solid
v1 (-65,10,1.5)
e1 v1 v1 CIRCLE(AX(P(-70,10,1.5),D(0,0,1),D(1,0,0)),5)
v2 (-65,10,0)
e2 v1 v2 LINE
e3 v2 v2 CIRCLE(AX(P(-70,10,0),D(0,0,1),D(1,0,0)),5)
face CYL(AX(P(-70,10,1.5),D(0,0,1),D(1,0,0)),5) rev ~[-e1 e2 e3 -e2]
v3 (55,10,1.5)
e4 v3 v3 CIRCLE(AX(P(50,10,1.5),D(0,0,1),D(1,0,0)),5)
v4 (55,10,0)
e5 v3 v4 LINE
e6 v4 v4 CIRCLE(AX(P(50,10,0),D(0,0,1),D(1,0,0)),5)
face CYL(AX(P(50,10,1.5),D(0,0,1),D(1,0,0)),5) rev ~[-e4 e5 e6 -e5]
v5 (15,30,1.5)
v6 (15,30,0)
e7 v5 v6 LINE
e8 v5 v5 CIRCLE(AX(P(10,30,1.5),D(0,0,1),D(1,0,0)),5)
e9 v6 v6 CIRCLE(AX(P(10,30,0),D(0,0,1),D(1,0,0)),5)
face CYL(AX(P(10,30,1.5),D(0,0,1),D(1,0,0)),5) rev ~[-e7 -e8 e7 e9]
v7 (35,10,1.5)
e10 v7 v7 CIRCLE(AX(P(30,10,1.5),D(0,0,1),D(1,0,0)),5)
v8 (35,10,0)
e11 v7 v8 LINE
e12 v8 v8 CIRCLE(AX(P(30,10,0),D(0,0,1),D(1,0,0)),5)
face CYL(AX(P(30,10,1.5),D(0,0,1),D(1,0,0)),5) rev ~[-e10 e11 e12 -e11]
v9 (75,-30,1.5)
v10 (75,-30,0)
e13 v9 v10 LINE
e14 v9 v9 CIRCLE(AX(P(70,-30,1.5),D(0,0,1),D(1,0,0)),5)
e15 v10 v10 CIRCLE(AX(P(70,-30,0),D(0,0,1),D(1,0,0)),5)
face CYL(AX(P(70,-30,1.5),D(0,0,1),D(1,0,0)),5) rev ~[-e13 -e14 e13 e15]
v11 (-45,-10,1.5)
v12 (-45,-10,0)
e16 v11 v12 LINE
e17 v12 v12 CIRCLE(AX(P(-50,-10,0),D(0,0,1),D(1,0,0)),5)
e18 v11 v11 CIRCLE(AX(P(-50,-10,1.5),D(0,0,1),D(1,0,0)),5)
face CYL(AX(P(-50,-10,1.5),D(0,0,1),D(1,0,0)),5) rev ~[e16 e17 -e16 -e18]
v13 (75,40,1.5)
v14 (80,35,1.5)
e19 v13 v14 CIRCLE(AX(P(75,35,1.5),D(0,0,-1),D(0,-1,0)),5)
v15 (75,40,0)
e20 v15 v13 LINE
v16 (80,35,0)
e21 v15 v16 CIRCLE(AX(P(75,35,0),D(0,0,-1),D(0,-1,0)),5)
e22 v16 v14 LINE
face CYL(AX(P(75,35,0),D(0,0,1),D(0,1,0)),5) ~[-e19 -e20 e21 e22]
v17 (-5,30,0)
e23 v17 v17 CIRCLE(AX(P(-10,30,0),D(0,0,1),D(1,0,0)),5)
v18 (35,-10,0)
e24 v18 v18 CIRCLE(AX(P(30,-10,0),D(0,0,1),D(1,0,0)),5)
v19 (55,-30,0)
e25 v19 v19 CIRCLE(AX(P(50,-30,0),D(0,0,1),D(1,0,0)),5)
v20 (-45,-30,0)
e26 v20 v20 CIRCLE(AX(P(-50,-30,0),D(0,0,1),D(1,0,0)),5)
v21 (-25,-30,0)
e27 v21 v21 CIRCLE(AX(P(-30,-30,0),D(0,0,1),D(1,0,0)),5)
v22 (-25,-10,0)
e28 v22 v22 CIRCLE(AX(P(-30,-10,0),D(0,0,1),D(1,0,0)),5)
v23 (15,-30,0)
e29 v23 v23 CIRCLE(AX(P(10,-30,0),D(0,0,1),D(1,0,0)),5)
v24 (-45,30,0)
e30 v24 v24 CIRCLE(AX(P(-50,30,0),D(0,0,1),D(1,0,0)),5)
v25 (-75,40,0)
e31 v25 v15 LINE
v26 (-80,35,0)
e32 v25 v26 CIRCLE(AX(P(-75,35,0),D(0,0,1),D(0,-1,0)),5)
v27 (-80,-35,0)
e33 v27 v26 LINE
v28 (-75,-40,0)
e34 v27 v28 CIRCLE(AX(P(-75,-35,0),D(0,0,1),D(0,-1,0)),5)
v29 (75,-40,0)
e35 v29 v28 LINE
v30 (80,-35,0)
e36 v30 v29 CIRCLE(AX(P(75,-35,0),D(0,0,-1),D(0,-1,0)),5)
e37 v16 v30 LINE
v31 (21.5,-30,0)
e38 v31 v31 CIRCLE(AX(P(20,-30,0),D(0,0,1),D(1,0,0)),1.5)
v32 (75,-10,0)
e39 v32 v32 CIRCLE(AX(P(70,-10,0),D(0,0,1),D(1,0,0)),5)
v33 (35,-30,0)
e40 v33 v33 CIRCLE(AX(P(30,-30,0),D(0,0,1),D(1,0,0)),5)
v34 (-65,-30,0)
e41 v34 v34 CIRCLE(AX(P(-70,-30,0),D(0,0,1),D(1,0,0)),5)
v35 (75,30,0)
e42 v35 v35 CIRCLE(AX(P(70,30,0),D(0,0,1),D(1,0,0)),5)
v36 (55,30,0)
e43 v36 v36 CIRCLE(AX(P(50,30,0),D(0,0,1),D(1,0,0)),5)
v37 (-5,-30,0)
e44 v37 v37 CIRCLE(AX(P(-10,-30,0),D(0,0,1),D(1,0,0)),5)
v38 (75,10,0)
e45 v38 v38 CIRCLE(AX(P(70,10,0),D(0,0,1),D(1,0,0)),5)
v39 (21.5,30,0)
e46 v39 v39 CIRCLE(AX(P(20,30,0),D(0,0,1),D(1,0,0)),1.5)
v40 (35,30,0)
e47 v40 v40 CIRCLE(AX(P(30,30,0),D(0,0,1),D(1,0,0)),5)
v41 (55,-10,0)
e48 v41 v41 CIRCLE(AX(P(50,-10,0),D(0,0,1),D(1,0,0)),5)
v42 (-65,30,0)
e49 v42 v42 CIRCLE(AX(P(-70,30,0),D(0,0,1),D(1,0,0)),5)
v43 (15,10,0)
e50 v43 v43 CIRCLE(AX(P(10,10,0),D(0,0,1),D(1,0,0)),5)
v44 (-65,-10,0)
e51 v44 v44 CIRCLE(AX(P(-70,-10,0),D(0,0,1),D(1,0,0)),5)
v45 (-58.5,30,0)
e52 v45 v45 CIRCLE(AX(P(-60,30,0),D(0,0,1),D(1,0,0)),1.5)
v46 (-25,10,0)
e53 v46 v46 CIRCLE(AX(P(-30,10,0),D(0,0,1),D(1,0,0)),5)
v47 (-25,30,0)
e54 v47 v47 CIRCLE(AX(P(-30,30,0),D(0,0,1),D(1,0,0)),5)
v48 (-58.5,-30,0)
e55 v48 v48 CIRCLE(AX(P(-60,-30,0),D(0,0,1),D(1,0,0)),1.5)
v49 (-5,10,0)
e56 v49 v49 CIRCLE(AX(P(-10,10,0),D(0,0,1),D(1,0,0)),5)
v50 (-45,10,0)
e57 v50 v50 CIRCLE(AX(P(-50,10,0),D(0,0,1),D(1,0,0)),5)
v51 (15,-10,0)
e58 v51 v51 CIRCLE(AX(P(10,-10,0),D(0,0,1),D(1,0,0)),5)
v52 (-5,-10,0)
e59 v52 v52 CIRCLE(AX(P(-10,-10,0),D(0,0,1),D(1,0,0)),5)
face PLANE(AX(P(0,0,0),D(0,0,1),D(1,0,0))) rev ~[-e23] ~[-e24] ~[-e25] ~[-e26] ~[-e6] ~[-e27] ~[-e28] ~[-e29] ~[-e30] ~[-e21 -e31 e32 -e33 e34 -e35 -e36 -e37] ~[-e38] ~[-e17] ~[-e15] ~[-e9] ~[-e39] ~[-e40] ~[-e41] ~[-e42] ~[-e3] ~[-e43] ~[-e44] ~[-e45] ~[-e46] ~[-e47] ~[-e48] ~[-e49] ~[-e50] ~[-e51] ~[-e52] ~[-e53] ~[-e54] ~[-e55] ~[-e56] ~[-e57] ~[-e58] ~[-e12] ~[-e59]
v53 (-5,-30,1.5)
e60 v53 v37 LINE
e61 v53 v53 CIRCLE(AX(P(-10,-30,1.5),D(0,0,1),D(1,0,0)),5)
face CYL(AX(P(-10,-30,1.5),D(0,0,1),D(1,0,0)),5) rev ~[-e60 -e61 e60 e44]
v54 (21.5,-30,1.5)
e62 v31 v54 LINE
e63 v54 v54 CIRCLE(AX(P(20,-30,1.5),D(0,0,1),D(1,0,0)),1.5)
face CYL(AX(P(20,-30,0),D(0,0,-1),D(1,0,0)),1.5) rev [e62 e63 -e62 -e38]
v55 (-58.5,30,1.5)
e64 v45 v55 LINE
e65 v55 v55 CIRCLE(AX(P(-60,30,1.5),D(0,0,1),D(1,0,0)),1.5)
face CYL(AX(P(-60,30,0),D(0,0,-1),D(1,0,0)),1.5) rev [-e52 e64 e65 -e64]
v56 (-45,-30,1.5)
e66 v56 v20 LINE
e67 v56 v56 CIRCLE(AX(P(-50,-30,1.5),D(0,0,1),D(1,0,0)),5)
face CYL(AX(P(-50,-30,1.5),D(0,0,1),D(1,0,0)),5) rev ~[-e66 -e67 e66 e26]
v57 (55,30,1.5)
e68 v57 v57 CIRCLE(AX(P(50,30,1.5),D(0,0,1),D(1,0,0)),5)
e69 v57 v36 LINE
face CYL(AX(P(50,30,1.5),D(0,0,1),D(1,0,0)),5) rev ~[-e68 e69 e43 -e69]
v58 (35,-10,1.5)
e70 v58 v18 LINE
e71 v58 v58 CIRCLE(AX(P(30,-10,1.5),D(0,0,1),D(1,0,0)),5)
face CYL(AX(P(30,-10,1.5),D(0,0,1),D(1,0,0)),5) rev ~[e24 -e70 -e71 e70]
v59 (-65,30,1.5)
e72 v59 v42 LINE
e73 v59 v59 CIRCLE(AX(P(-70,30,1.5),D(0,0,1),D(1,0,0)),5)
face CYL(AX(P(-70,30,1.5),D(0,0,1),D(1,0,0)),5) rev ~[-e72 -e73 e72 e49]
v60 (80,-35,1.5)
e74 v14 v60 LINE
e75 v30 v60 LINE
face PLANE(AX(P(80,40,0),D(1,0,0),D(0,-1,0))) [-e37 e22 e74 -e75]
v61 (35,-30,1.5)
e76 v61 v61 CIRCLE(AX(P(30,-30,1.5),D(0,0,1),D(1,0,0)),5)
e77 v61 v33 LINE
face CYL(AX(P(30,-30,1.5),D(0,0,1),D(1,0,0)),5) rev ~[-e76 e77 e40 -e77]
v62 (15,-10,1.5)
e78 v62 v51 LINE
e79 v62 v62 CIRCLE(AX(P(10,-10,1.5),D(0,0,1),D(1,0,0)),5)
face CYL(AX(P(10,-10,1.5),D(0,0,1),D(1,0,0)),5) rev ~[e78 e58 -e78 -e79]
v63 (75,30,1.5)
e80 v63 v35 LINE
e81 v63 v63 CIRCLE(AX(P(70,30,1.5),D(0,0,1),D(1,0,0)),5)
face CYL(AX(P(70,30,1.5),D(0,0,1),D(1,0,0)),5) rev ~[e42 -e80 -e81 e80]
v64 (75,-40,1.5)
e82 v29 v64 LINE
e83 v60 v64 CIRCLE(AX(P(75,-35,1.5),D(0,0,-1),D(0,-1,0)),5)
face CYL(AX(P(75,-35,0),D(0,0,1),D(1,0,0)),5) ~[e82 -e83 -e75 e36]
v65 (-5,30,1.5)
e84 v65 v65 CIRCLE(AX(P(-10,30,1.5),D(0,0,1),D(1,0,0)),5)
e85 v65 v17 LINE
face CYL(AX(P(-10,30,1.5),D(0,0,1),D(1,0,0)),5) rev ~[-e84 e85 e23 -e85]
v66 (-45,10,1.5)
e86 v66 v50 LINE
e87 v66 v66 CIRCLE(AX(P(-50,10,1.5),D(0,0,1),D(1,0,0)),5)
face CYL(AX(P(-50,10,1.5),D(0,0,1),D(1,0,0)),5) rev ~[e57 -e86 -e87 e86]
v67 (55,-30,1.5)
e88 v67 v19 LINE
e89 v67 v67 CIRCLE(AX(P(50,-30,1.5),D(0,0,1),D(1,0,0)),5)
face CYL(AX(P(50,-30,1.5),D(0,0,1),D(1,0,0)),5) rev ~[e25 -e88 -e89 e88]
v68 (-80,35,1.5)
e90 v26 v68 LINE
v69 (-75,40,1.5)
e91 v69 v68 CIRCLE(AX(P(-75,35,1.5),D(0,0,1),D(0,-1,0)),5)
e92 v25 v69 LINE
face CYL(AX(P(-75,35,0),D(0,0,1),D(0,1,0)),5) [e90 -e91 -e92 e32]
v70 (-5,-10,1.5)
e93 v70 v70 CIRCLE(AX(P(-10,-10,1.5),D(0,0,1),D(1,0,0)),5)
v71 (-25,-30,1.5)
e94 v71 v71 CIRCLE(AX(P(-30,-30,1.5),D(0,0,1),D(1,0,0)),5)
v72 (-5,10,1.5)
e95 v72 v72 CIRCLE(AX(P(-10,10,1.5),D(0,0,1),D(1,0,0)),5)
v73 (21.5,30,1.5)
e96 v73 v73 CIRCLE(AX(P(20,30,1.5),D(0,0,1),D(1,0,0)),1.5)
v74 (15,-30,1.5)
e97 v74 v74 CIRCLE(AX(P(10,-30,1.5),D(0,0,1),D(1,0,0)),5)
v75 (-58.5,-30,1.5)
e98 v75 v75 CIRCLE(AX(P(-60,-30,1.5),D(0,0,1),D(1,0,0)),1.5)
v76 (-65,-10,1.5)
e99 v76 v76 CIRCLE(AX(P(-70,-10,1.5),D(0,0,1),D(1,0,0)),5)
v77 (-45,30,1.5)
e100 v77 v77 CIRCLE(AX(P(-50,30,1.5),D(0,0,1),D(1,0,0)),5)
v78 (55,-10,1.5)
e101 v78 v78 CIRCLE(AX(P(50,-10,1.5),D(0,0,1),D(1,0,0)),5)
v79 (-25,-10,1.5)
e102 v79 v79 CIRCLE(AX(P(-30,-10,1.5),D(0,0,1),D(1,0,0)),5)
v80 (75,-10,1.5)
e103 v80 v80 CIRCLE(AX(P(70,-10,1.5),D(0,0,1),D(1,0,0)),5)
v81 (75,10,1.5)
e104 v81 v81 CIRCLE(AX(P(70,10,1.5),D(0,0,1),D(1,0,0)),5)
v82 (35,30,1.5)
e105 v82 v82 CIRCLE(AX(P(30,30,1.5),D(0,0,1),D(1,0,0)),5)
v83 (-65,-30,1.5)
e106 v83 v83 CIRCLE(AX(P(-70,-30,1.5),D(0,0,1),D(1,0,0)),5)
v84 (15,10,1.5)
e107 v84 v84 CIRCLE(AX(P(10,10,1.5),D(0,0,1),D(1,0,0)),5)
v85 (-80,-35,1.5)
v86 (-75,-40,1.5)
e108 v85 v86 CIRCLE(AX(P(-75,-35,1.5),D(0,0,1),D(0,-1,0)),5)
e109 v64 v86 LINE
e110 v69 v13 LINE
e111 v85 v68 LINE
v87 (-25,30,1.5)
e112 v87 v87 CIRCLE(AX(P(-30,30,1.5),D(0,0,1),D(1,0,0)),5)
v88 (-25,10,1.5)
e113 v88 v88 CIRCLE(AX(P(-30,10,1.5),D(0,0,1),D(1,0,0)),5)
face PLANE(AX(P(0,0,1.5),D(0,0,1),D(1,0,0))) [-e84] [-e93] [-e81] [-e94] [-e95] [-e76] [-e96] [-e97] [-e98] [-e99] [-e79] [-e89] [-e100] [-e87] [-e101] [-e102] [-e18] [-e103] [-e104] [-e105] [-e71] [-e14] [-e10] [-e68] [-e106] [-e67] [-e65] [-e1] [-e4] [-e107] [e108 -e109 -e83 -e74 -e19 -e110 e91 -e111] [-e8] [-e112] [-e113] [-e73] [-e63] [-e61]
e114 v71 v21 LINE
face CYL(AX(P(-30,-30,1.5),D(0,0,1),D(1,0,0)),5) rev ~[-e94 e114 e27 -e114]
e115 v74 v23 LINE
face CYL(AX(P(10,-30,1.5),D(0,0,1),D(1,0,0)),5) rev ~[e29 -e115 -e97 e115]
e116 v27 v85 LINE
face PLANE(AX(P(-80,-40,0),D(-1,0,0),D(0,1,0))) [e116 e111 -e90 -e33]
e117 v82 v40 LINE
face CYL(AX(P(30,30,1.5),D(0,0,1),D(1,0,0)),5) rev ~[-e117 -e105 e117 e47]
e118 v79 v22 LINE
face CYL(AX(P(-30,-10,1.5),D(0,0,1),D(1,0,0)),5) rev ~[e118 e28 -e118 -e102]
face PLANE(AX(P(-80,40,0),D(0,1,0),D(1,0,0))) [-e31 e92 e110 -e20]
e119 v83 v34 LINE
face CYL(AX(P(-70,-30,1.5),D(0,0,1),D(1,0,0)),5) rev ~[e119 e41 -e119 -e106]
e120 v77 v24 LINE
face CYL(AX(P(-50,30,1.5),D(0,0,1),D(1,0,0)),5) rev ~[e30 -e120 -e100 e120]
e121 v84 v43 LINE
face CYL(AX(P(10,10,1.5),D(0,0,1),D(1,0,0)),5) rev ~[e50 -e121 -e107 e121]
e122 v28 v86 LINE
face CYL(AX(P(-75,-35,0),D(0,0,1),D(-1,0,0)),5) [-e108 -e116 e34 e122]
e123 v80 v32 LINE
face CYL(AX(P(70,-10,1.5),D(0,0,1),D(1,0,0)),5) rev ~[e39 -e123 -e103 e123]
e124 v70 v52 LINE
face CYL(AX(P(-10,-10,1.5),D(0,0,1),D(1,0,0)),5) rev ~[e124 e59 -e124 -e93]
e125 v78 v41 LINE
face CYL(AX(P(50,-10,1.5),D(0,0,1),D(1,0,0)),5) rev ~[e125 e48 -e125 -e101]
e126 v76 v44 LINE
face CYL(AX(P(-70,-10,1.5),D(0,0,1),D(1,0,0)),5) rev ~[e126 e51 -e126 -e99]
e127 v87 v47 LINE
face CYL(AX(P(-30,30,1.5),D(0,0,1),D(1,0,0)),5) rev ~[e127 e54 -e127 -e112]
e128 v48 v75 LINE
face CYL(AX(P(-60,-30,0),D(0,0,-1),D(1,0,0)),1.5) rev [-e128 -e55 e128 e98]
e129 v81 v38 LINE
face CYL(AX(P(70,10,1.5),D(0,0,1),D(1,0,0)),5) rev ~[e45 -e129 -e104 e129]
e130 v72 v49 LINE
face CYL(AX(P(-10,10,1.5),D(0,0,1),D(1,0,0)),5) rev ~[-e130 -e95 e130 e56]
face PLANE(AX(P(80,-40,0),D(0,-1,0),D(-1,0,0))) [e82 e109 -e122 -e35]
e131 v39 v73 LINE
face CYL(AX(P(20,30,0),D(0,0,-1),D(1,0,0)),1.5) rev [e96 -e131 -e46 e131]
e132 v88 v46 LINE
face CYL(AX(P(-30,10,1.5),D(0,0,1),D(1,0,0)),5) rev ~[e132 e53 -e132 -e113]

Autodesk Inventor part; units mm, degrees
ref_plane "YZ Plane" through (0, 0, 0) normal (1, 0, 0) x (0, 1, 0)
ref_plane "XZ Plane" through (0, 0, 0) normal (0, 1, 0) x (-1, 0, 0)
ref_plane "XY Plane" through (0, 0, 0) normal (0, 0, 1) x (1, 0, 0)
sketch "Sketch1" plane through (0, 0, 0) normal (0, 0, 1) x (1, 0, 0)
  line L0 (-80, 40) -> (80, 40)
  line L1 (80, 40) -> (80, -40)
  line L2 (80, -40) -> (-80, -40)
  line L3 (-80, -40) -> (-80, 40)
  arc A0 (94, -60) -> (100, -54) centre (94, -54) ccw
  line L4 (94, -60) -> (-94, -60)
  arc A1 (-100, -54) -> (-94, -60) centre (-94, -54) ccw
  line L5 (-100, -54) -> (-100, 54)
  arc A2 (-94, 60) -> (-100, 54) centre (-94, 54) ccw
  line L6 (-94, 60) -> (94, 60)
  arc A3 (100, 54) -> (94, 60) centre (94, 54) ccw
  line L7 (100, 54) -> (100, -54)
  circle A4 centre (20, -30) radius 1.5
  circle A5 centre (-60, -30) radius 1.5
  circle A6 centre (20, 30) radius 1.5
  circle A7 centre (-60, 30) radius 1.5
  circle A8 centre (0, -31) radius 4
  circle A9 centre (50, 10) radius 21
  point P0 (0, 0)
  dimension "d0" = 20
  dimension "d1" = 20
  dimension "d2" = 20
  dimension "d3" = 20
  dimension "d19" = 160
  dimension "d20" = 80
extrude "Extrusion1" add sketch "Sketch1" along normal blind 1.5 contours L0 L1 L2 L3 | A8 | A9
sketch "Sketch2" plane through (0, 0, 1.5) normal (0, 0, 1) x (1, 0, 0)
  circle A0 centre (-70, 30) radius 5
  line L0 (80, 40) -> (-80, 40) projected
  line L1 (-80, 40) -> (-80, -40) projected
  circle A1 centre (-50, 30) radius 5
  circle A2 centre (-30, 30) radius 5
  circle A3 centre (-10, 30) radius 5
  circle A4 centre (10, 30) radius 5
  circle A5 centre (30, 30) radius 5
  circle A6 centre (50, 30) radius 5
  circle A7 centre (70, 30) radius 5
  circle A8 centre (-70, 10) radius 5
  circle A9 centre (-50, 10) radius 5
  circle A10 centre (-30, 10) radius 5
  circle A11 centre (-10, 10) radius 5
  circle A12 centre (10, 10) radius 5
  circle A13 centre (30, 10) radius 5
  circle A14 centre (50, 10) radius 5
  circle A15 centre (70, 10) radius 5
  circle A16 centre (-70, -10) radius 5
  circle A17 centre (-50, -10) radius 5
  circle A18 centre (-30, -10) radius 5
  circle A19 centre (-10, -10) radius 5
  circle A20 centre (10, -10) radius 5
  circle A21 centre (30, -10) radius 5
  circle A22 centre (50, -10) radius 5
  circle A23 centre (70, -10) radius 5
  circle A24 centre (-70, -30) radius 5
  circle A25 centre (-50, -30) radius 5
  circle A26 centre (-30, -30) radius 5
  circle A27 centre (-10, -30) radius 5
  circle A28 centre (10, -30) radius 5
  circle A29 centre (30, -30) radius 5
  circle A30 centre (50, -30) radius 5
  circle A31 centre (70, -30) radius 5
  point P0 (0, 0)
  dimension "d6" = 10
  dimension "d7" = 10
  dimension "d8" = 10
  dimension "d11" = 20
  dimension "d14" = 20
extrude "Extrusion2" cut sketch "Sketch2" against normal through all
fillet "Fillet1" radius 5 4 edges at (-80, -40, 0.75) (-80, 40, 0.75) (80, 40, 0.75) (80, -40, 0.75)
equation "\"d17\" = d14"
properties part number "sita"
